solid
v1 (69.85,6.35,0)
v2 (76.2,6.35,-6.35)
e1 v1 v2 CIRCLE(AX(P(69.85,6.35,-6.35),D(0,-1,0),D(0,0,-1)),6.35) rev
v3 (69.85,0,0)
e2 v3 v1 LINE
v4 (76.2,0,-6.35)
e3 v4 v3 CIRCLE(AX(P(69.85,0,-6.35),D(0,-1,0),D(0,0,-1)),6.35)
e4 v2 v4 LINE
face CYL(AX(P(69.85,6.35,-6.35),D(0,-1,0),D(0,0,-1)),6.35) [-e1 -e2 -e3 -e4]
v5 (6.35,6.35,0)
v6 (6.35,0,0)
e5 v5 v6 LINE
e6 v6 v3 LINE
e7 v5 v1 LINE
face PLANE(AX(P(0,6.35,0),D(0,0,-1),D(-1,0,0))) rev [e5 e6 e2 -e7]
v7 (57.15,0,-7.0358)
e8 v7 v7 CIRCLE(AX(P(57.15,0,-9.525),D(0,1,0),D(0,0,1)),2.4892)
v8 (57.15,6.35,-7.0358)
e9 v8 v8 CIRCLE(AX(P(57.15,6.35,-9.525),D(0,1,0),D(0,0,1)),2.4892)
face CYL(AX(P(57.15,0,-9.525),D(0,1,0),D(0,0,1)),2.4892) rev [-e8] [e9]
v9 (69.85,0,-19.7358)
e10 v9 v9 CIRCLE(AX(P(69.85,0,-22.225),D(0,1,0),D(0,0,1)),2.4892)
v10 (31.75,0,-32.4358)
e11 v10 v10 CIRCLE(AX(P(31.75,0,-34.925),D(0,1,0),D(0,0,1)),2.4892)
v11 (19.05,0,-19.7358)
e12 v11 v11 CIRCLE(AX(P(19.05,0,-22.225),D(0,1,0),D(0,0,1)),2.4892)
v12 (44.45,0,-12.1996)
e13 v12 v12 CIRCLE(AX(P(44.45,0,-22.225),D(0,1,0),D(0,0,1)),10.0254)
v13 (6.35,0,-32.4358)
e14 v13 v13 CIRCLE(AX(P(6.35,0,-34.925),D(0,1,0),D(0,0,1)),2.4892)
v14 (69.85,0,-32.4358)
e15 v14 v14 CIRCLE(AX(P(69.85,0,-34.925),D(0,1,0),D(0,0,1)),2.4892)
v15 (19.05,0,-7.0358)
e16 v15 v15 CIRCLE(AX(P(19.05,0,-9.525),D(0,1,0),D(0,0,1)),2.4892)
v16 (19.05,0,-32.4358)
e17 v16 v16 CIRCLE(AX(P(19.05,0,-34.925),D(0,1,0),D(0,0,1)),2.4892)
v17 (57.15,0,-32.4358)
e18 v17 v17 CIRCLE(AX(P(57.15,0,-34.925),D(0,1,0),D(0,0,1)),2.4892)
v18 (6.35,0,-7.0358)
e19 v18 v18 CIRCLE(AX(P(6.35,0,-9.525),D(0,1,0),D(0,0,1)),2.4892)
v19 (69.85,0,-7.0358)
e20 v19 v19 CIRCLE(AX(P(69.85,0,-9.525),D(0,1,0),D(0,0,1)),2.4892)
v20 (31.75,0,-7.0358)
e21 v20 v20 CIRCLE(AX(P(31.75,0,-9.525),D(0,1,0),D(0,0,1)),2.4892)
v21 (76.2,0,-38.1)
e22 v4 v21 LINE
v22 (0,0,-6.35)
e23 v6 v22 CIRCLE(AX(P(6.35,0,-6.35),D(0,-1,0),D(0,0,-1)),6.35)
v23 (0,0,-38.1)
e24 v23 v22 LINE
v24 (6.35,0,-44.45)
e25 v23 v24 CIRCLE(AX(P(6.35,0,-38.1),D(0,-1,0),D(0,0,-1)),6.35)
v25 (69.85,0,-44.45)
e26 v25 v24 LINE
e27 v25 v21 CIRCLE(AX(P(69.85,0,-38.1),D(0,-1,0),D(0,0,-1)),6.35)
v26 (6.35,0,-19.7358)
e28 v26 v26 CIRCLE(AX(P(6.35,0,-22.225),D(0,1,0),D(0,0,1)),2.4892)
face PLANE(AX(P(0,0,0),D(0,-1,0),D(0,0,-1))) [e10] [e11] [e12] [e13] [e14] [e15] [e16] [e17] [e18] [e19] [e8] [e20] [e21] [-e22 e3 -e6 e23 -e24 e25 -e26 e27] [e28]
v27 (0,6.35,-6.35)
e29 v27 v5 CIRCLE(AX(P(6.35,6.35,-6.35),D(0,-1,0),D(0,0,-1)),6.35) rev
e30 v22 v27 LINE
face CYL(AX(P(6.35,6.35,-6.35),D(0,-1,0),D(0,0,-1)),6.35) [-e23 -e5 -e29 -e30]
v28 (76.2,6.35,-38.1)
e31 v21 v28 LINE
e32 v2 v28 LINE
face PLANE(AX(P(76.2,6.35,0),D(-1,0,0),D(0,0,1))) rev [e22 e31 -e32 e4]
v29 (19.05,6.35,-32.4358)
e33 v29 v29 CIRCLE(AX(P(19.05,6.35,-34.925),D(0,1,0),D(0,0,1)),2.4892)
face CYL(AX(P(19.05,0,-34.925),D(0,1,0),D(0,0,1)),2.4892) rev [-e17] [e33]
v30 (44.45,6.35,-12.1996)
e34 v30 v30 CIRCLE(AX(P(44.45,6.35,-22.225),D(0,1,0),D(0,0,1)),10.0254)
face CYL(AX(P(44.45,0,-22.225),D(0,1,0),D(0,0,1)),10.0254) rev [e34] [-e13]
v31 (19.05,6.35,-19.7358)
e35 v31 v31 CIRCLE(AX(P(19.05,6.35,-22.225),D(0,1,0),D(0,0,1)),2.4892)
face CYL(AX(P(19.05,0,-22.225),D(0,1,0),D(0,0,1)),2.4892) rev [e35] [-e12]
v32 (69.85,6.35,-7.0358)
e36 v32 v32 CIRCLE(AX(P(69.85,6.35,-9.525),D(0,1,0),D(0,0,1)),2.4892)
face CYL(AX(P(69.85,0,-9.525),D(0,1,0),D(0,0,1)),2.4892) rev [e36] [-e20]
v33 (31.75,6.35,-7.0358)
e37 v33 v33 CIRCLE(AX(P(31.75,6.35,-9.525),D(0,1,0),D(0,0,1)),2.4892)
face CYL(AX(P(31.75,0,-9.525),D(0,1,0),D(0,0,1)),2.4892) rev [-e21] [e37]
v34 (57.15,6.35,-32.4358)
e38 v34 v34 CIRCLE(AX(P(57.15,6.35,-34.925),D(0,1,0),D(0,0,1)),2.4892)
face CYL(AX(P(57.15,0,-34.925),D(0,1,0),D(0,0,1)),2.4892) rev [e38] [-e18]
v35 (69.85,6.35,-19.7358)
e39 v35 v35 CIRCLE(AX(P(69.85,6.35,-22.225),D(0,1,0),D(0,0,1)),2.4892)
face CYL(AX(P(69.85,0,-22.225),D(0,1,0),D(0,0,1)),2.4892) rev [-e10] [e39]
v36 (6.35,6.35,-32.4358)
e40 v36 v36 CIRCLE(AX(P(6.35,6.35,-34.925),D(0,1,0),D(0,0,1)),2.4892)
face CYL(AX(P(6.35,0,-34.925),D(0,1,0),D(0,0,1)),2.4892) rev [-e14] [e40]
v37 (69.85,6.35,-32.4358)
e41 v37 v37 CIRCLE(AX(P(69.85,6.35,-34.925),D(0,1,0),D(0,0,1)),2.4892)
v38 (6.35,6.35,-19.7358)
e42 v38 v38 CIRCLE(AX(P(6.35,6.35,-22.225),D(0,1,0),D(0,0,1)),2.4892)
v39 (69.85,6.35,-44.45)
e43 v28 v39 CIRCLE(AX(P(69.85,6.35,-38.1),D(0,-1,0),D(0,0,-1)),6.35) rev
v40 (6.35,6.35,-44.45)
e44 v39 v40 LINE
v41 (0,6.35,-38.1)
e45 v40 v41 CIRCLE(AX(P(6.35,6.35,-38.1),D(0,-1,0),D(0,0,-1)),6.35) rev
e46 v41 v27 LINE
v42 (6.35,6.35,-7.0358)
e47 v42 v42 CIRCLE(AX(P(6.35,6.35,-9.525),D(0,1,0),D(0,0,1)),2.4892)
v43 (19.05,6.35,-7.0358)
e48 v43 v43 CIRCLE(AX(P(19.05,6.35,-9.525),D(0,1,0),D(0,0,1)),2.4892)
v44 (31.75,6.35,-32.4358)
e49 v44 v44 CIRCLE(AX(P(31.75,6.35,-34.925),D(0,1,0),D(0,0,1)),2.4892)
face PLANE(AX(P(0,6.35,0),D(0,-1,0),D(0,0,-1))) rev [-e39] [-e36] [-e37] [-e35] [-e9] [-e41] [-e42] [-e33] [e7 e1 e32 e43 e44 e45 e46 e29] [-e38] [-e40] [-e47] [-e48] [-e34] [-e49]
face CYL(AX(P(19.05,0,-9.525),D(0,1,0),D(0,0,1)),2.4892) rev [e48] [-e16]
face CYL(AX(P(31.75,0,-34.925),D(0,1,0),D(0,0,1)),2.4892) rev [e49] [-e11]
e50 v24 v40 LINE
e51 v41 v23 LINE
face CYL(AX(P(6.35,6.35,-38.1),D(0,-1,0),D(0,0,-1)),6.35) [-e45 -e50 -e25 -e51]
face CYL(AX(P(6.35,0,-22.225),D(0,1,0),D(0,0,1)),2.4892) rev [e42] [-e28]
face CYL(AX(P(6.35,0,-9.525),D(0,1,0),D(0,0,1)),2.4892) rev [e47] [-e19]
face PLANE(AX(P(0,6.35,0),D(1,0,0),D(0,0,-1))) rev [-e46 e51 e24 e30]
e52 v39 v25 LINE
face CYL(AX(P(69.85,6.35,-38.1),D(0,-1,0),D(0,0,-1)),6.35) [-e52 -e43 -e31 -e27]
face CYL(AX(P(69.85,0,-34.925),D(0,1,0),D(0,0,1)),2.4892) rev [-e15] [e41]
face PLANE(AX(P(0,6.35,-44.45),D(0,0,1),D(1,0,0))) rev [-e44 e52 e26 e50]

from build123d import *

# Parameters (mm, degrees)
SKETCH1_W           = 76.2
SKETCH1_H           = 44.45
BOSS_EXTRUDE1_DEPTH = 6.35
FILLET1_R           = 6.35
SKETCH2_R           = 2.4892
SKETCH2_R_2         = 10.025399939
CUT_EXTRUDE1_DEPTH  = 7.35


with BuildPart() as part:
    # Sketch1 → Boss-Extrude1 (new body)
    with BuildSketch(Plane(origin=(0, 0, 0), x_dir=(1, 0, 0), z_dir=(0, 1, 0))):
        with Locations((38.1, 22.225)):
            Rectangle(SKETCH1_W, SKETCH1_H)
    extrude(amount=BOSS_EXTRUDE1_DEPTH)

    # Fillet1
    fillet1_edges = [part.edges().sort_by_distance(p)[0] for p in [
        (0, 3.175, -44.45),
        (76.2, 3.175, -44.45),
        (76.2, 3.175, 0),
        (0, 3.175, 0),
    ]]
    fillet(fillet1_edges, radius=FILLET1_R)

    # Sketch2 → Cut-Extrude1 (cut, through all)
    with BuildSketch(Plane(origin=(0, 6.35, 0), x_dir=(1, 0, 0), z_dir=(0, 1, 0))):
        with Locations((31.75, 34.925)):
            Circle(SKETCH2_R)
        with Locations((6.35, 34.925)):
            Circle(SKETCH2_R)
        with Locations((19.05, 34.925)):
            Circle(SKETCH2_R)
        with Locations((19.05, 22.225)):
            Circle(SKETCH2_R)
        with Locations((6.35, 22.225)):
            Circle(SKETCH2_R)
        with Locations((6.35, 9.525)):
            Circle(SKETCH2_R)
        with Locations((19.05, 9.525)):
            Circle(SKETCH2_R)
        with Locations((31.75, 9.525)):
            Circle(SKETCH2_R)
        with Locations((57.15, 9.525)):
            Circle(SKETCH2_R)
        with Locations((69.85, 9.525)):
            Circle(SKETCH2_R)
        with Locations((69.85, 22.225)):
            Circle(SKETCH2_R)
        with Locations((69.85, 34.925)):
            Circle(SKETCH2_R)
        with Locations((57.15, 34.925)):
            Circle(SKETCH2_R)
        with Locations((44.45, 22.225)):
            Circle(SKETCH2_R_2)
    extrude(amount=-CUT_EXTRUDE1_DEPTH, mode=Mode.SUBTRACT)


solid = part.part
